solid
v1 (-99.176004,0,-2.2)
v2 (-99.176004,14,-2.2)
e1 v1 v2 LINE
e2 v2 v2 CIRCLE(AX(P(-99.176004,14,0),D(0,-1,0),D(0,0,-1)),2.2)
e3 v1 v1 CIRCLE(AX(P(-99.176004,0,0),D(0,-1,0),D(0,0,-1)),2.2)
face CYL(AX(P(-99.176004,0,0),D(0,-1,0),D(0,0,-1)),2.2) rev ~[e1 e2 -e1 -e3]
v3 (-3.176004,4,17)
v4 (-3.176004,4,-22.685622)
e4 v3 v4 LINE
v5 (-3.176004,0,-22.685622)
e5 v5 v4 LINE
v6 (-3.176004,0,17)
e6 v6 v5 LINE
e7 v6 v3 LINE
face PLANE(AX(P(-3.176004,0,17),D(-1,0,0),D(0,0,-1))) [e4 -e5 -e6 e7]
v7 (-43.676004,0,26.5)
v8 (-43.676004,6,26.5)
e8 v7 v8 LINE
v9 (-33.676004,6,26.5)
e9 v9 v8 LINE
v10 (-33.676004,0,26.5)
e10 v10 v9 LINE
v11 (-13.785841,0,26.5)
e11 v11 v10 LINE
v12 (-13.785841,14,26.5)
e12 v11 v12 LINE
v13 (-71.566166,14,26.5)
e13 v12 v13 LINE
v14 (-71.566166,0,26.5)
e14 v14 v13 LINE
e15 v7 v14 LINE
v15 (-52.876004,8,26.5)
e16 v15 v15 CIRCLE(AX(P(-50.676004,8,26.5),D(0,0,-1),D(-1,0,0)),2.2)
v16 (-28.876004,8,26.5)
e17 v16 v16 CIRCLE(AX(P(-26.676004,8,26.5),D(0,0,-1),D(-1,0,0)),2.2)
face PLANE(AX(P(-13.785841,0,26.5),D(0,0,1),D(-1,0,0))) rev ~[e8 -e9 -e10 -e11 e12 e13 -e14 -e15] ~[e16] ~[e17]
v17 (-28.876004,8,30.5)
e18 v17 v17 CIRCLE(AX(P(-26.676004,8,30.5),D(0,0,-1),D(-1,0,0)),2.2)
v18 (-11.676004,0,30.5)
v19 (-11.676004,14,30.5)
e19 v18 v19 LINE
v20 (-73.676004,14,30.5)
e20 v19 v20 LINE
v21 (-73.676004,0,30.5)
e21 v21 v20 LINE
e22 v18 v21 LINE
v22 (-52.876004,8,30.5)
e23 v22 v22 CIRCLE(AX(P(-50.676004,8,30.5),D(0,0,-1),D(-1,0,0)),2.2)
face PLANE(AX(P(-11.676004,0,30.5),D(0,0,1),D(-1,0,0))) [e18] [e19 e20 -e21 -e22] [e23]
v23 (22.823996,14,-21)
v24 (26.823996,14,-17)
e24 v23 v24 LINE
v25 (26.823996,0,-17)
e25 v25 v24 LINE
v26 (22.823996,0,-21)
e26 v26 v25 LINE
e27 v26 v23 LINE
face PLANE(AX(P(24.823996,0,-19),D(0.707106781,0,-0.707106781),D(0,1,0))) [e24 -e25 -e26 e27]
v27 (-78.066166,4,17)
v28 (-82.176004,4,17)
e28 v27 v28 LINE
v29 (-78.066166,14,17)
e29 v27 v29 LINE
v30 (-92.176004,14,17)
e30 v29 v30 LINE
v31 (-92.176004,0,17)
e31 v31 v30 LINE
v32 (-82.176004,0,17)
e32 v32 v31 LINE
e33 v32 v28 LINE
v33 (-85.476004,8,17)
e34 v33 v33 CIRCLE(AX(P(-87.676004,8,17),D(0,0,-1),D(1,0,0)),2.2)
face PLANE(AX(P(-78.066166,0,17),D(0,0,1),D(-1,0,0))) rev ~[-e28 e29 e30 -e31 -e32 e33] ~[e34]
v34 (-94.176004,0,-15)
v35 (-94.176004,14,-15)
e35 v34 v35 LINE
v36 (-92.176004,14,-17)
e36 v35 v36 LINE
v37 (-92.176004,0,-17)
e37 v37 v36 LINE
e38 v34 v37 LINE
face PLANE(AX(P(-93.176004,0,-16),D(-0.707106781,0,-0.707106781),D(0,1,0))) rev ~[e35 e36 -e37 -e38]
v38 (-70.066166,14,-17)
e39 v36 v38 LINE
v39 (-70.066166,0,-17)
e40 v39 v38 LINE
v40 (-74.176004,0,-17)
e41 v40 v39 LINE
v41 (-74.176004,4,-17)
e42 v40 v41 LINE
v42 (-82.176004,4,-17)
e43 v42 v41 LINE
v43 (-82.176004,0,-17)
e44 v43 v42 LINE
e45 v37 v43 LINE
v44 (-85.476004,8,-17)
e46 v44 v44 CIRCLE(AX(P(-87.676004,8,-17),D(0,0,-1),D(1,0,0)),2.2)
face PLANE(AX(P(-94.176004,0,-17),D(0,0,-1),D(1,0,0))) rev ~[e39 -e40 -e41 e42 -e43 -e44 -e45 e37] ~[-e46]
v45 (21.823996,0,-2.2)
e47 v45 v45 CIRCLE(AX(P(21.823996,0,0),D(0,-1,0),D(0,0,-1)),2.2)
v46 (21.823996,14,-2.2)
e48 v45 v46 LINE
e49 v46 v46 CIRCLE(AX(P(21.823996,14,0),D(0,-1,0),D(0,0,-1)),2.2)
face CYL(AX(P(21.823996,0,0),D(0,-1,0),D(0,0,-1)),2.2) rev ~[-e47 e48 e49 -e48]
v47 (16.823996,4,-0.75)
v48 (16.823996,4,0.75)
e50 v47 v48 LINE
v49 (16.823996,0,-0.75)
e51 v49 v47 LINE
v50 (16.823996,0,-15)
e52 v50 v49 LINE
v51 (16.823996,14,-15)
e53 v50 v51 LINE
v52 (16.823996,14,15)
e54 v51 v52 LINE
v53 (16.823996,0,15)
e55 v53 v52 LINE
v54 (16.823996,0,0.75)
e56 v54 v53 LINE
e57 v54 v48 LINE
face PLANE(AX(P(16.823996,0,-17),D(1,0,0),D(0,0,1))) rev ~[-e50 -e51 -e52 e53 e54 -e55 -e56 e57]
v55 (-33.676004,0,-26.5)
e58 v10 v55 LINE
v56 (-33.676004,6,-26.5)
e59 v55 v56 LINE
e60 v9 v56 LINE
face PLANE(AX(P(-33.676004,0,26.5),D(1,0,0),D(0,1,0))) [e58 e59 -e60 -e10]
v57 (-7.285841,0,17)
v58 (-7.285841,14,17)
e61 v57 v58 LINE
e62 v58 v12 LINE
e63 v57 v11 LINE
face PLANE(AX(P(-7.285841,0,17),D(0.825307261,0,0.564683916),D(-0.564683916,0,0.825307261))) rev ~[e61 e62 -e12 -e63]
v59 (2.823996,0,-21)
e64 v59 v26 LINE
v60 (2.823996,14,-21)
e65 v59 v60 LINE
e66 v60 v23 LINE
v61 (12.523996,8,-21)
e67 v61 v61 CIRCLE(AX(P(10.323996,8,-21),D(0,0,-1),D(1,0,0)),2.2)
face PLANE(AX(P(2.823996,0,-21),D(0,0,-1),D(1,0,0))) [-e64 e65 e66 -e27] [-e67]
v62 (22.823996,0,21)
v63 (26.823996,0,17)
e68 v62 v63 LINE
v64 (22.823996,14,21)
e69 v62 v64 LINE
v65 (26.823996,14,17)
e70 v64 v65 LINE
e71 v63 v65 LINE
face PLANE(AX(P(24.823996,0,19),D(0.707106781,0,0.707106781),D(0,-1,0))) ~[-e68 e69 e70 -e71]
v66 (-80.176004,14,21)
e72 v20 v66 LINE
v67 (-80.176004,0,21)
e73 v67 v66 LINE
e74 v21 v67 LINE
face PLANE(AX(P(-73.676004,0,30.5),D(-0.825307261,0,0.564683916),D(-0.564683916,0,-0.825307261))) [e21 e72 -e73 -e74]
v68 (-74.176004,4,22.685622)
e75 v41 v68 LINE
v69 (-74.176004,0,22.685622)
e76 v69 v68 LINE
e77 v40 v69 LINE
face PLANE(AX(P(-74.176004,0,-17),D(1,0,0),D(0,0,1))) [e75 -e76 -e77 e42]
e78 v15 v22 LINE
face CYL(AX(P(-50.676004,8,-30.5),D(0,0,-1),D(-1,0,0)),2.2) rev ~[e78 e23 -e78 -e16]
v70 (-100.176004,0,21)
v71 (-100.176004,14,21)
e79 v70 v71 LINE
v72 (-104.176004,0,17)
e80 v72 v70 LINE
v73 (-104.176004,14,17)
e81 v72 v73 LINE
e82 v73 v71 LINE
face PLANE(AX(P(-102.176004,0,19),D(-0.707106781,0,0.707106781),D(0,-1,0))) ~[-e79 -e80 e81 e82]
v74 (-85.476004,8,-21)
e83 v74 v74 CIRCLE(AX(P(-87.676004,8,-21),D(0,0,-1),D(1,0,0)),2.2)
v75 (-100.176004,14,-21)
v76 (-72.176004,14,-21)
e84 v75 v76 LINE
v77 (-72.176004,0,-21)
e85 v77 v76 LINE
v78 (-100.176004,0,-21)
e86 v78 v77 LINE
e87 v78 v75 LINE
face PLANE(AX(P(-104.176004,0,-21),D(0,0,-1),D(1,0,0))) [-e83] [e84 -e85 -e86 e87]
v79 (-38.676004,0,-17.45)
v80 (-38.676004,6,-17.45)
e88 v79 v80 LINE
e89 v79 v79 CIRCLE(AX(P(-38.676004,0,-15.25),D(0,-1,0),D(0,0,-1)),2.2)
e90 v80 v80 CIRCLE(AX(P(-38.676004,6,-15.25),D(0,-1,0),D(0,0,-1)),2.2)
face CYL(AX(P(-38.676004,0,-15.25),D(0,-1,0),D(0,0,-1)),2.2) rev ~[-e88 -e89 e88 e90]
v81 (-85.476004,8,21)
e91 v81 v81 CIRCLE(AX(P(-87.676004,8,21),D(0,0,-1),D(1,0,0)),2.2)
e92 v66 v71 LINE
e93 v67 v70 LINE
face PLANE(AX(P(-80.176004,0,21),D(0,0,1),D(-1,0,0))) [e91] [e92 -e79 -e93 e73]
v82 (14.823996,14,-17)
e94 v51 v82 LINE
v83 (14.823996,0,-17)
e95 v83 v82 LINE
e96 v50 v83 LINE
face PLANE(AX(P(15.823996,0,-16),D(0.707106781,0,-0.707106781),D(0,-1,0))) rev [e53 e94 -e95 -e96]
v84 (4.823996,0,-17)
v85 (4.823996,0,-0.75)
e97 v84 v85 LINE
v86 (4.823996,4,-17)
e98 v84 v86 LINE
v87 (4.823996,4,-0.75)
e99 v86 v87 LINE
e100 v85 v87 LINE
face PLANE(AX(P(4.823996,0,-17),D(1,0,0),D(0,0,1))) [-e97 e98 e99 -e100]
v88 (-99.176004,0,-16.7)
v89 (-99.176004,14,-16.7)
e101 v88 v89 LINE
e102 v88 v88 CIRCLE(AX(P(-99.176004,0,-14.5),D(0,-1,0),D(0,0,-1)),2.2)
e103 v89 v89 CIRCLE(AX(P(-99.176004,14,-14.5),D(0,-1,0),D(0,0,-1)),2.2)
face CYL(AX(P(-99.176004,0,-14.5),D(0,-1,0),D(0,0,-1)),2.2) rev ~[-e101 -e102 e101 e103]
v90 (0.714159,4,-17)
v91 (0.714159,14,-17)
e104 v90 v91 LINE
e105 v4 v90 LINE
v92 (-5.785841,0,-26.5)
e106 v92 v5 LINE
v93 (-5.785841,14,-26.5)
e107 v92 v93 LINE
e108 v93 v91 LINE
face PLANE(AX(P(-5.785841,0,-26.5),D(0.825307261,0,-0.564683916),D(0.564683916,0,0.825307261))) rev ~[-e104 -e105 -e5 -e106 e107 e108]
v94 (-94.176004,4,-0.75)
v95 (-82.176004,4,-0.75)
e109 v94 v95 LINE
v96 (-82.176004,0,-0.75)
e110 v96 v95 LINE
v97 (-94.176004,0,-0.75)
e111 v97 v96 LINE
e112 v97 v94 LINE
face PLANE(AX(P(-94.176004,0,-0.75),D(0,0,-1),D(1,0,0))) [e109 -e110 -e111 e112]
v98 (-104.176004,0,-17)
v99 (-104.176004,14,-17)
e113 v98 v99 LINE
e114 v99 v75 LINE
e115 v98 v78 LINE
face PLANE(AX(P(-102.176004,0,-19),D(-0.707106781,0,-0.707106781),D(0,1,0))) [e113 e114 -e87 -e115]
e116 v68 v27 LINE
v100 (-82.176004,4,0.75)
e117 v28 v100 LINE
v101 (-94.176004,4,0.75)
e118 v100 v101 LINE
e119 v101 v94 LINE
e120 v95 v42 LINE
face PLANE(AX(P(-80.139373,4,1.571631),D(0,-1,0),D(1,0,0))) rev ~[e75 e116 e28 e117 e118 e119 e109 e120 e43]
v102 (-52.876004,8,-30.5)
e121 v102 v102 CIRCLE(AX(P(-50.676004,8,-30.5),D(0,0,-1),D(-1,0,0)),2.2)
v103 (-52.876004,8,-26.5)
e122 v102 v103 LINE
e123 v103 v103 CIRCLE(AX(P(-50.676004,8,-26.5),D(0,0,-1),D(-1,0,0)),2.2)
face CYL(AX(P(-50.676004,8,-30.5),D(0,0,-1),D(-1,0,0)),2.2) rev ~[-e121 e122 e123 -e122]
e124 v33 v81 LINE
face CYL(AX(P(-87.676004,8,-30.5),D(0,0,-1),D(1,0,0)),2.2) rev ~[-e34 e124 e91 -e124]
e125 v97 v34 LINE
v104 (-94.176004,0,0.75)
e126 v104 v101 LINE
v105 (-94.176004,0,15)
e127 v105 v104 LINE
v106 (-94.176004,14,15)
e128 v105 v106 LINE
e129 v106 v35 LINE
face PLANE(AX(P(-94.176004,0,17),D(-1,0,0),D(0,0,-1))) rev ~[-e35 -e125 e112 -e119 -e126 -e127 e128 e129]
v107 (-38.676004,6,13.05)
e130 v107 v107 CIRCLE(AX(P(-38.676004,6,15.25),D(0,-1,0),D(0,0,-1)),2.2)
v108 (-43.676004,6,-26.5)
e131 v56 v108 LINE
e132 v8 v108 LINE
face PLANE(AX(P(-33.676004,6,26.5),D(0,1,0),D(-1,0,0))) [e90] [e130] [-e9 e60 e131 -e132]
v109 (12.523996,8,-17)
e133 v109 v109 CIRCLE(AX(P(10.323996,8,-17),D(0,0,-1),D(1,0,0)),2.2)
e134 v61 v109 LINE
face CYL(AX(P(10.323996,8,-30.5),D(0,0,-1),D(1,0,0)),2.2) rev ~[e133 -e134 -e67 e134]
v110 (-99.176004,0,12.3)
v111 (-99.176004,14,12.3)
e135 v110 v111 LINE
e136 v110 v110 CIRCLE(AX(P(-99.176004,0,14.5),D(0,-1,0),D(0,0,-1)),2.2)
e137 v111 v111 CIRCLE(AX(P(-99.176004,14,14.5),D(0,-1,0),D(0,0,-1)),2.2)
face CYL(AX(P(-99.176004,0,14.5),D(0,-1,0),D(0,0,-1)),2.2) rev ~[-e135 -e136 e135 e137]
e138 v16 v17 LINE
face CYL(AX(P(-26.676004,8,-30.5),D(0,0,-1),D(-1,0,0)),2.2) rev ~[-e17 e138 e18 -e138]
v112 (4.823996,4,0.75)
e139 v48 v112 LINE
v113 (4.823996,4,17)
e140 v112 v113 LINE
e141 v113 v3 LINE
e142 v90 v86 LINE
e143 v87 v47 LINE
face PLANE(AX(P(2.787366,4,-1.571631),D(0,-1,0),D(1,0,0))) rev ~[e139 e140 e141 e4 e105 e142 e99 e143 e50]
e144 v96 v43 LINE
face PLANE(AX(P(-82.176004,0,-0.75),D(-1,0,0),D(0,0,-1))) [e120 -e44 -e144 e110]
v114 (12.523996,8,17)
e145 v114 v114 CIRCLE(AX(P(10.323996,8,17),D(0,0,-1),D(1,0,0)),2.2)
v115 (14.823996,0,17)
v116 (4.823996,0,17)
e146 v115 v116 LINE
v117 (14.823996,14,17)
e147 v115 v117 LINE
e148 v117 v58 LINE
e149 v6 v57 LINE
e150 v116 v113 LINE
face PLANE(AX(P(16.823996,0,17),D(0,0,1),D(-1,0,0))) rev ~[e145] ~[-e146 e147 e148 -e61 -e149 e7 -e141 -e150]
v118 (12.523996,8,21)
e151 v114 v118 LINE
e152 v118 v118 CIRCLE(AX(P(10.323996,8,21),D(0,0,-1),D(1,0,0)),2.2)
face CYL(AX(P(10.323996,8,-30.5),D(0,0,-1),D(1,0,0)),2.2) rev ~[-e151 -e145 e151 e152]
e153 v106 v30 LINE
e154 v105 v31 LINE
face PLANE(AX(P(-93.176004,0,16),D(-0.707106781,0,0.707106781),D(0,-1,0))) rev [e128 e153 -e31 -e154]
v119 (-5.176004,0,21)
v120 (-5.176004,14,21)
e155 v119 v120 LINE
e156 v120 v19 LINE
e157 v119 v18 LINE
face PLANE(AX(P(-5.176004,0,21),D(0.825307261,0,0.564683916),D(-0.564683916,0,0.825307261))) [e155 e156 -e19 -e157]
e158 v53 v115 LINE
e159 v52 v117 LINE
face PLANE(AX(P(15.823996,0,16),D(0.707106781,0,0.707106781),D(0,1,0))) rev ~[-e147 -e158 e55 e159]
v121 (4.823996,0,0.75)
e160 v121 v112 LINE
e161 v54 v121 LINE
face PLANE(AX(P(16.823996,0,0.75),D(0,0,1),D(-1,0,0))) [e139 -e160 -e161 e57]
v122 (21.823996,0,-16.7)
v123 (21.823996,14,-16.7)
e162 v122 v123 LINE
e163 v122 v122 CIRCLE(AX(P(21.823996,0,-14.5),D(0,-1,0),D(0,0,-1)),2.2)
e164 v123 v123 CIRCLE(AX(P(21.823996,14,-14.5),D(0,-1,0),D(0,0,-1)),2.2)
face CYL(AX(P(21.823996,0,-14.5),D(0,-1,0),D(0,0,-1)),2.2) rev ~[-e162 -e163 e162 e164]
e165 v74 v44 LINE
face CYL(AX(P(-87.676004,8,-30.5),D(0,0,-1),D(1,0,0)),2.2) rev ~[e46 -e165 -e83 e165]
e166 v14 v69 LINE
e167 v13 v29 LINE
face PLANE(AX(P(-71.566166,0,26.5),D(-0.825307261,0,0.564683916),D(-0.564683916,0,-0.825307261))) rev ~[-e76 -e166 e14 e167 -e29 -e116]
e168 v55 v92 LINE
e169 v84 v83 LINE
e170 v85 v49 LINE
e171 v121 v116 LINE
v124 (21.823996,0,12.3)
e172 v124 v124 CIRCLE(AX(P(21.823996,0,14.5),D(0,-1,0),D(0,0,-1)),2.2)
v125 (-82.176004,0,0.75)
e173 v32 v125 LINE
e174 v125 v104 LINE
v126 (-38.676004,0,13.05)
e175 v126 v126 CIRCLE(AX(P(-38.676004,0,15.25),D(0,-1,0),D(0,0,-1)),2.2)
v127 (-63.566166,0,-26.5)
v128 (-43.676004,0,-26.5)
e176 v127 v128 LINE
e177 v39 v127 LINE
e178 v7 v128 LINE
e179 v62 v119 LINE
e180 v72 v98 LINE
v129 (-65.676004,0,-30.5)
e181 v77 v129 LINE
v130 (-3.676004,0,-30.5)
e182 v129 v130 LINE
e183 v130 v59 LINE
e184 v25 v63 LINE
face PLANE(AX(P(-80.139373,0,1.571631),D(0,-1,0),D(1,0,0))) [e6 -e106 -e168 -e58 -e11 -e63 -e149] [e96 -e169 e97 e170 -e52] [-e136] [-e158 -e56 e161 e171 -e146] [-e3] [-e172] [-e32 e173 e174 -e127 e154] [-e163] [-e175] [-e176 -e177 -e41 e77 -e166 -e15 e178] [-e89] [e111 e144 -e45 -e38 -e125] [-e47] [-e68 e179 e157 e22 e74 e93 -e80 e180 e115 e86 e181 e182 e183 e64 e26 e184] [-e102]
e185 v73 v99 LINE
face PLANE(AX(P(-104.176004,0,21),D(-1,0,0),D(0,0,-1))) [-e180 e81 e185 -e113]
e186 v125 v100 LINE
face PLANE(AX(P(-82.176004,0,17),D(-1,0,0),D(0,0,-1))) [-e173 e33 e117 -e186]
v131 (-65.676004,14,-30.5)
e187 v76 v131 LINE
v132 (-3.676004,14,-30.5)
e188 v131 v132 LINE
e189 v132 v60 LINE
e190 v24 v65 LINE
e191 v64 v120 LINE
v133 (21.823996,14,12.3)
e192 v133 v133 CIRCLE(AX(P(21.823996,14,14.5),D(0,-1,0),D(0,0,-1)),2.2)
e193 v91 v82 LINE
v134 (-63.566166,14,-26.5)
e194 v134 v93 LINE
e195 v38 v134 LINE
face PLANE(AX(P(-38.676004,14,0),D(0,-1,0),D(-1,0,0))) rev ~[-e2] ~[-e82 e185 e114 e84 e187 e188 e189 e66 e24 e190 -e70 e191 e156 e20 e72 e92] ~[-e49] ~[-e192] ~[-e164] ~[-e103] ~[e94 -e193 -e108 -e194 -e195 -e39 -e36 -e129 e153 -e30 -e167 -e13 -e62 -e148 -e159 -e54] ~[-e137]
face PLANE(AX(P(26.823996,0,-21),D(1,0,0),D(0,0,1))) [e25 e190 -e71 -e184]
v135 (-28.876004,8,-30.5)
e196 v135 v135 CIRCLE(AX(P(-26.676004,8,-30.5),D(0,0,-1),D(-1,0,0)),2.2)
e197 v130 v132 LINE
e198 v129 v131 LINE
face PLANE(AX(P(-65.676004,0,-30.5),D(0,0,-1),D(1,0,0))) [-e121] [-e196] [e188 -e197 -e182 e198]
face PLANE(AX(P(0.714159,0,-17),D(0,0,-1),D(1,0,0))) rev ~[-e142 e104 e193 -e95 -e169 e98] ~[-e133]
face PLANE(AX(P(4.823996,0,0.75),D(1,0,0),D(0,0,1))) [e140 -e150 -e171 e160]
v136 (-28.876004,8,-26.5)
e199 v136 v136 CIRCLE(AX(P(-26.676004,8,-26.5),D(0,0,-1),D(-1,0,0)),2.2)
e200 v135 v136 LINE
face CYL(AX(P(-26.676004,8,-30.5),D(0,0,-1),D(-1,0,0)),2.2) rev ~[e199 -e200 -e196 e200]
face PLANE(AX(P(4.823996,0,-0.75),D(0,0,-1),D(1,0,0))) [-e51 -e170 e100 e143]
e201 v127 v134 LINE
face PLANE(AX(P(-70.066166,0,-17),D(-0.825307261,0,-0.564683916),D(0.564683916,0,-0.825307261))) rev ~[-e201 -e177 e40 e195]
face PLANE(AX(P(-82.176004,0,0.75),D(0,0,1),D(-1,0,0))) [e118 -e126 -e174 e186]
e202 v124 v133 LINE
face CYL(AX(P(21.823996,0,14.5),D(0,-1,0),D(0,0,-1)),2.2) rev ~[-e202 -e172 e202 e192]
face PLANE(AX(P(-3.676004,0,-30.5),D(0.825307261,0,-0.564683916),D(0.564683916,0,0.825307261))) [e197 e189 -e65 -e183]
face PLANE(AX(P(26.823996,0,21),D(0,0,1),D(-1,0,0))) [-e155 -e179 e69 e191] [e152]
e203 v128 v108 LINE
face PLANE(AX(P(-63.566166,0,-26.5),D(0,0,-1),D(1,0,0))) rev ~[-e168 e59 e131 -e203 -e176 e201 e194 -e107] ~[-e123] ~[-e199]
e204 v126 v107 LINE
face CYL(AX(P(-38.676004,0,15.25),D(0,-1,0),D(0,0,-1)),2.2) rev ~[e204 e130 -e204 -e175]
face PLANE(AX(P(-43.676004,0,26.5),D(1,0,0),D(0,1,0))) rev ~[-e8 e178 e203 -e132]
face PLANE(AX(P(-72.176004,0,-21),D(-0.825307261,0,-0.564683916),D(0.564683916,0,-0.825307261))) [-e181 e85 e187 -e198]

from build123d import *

# Parameters (mm, degrees)
BOSS_EXTRUDE1_DEPTH = 14
CUT_EXTRUDE1_REACH  = 16
SKETCH2_R           = 2.2
SKETCH5_R           = 2.2
CUT_EXTRUDE2_DEPTH  = 62
BOSS_EXTRUDE2_REACH = 59
SKETCH6_W           = 10
SKETCH6_H           = 6
BOSS_EXTRUDE3_DEPTH = 4
CUT_EXTRUDE3_REACH  = 16
SKETCH8_R           = 2.2
CHAMFER1_SIZE       = 4
CHAMFER2_SIZE       = 2


with BuildPart() as part:
    # Sketch1 → Boss-Extrude1 (new body)
    with BuildSketch(Plane(origin=(0, 0, 0), x_dir=(1, 0, 0), z_dir=(0, 1, 0))):
        Polygon((-104.176003517, -21), (-104.176003517, 21), (-72.176003517, 21), (-65.676003517, 30.5), (-3.676003517, 30.5), (2.823996483, 21), (26.823996483, 21), (26.823996483, -21), (-5.176003517, -21), (-11.676003517, -30.5), (-73.676003517, -30.5), (-80.176003517, -21), align=None)
        Polygon((-94.176003517, -17), (-94.176003517, 17), (-70.066165861, 17), (-63.566165861, 26.5), (-5.785841173, 26.5), (0.714158827, 17), (16.823996483, 17), (16.823996483, -17), (-7.285841173, -17), (-13.785841173, -26.5), (-71.566165861, -26.5), (-78.066165861, -17), align=None, mode=Mode.SUBTRACT)
    extrude(amount=BOSS_EXTRUDE1_DEPTH)

    # Sketch2 → Cut-Extrude1 (cut, up to next)
    with BuildSketch(Plane(origin=(0, 0, 0), x_dir=(-1, 0, 0), z_dir=(0, -1, 0)), mode=Mode.PRIVATE) as cut_extrude1_sk1:
        with Locations(Location((99.176003517, 14.5, 0), (0, 0, 90))):  # turned: the seam where the file's is
            Circle(SKETCH2_R)
    cut_extrude1_tool1 = extrude(cut_extrude1_sk1.sketch, amount=-CUT_EXTRUDE1_REACH, mode=Mode.PRIVATE) & part.part
    add(cut_extrude1_tool1.solids().sort_by_distance((-99.176004, 0, -14.5))[0], mode=Mode.SUBTRACT)
    # Sketch2 → Cut-Extrude1 (cut, up to next)
    with BuildSketch(Plane(origin=(0, 0, 0), x_dir=(-1, 0, 0), z_dir=(0, -1, 0)), mode=Mode.PRIVATE) as cut_extrude1_sk2:
        with Locations(Location((99.176003517, 0, 0), (0, 0, 90))):  # turned: the seam where the file's is
            Circle(SKETCH2_R)
    cut_extrude1_tool2 = extrude(cut_extrude1_sk2.sketch, amount=-CUT_EXTRUDE1_REACH, mode=Mode.PRIVATE) & part.part
    add(cut_extrude1_tool2.solids().sort_by_distance((-99.176004, 0, 0))[0], mode=Mode.SUBTRACT)
    # Sketch2 → Cut-Extrude1 (cut, up to next)
    with BuildSketch(Plane(origin=(0, 0, 0), x_dir=(-1, 0, 0), z_dir=(0, -1, 0)), mode=Mode.PRIVATE) as cut_extrude1_sk3:
        with Locations(Location((99.176003517, -14.5, 0), (0, 0, 90))):  # turned: the seam where the file's is
            Circle(SKETCH2_R)
    cut_extrude1_tool3 = extrude(cut_extrude1_sk3.sketch, amount=-CUT_EXTRUDE1_REACH, mode=Mode.PRIVATE) & part.part
    add(cut_extrude1_tool3.solids().sort_by_distance((-99.176004, 0, 14.5))[0], mode=Mode.SUBTRACT)
    # Sketch2 → Cut-Extrude1 (cut, up to next)
    with BuildSketch(Plane(origin=(0, 0, 0), x_dir=(-1, 0, 0), z_dir=(0, -1, 0)), mode=Mode.PRIVATE) as cut_extrude1_sk4:
        with Locations(Location((-21.823996483, -14.5, 0), (0, 0, 90))):  # turned: the seam where the file's is
            Circle(SKETCH2_R)
    cut_extrude1_tool4 = extrude(cut_extrude1_sk4.sketch, amount=-CUT_EXTRUDE1_REACH, mode=Mode.PRIVATE) & part.part
    add(cut_extrude1_tool4.solids().sort_by_distance((21.823996, 0, 14.5))[0], mode=Mode.SUBTRACT)
    # Sketch2 → Cut-Extrude1 (cut, up to next)
    with BuildSketch(Plane(origin=(0, 0, 0), x_dir=(-1, 0, 0), z_dir=(0, -1, 0)), mode=Mode.PRIVATE) as cut_extrude1_sk5:
        with Locations(Location((-21.823996483, 0, 0), (0, 0, 90))):  # turned: the seam where the file's is
            Circle(SKETCH2_R)
    cut_extrude1_tool5 = extrude(cut_extrude1_sk5.sketch, amount=-CUT_EXTRUDE1_REACH, mode=Mode.PRIVATE) & part.part
    add(cut_extrude1_tool5.solids().sort_by_distance((21.823996, 0, 0))[0], mode=Mode.SUBTRACT)
    # Sketch2 → Cut-Extrude1 (cut, up to next)
    with BuildSketch(Plane(origin=(0, 0, 0), x_dir=(-1, 0, 0), z_dir=(0, -1, 0)), mode=Mode.PRIVATE) as cut_extrude1_sk6:
        with Locations(Location((-21.823996483, 14.5, 0), (0, 0, 90))):  # turned: the seam where the file's is
            Circle(SKETCH2_R)
    cut_extrude1_tool6 = extrude(cut_extrude1_sk6.sketch, amount=-CUT_EXTRUDE1_REACH, mode=Mode.PRIVATE) & part.part
    add(cut_extrude1_tool6.solids().sort_by_distance((21.823996, 0, -14.5))[0], mode=Mode.SUBTRACT)

    # Sketch5 → Cut-Extrude2 (cut, through all)
    with BuildSketch(Plane(origin=(0, 0, -30.5), x_dir=(-1, 0, 0), z_dir=(0, 0, -1))):
        with Locations((50.676003517, 8)):
            Circle(SKETCH5_R)
        with Locations((26.676003517, 8)):
            Circle(SKETCH5_R)
        with Locations(Location((87.676003517, 8, 0), (0, 0, 180))):  # turned: the seam where the file's is
            Circle(SKETCH5_R)
        with Locations(Location((-10.323996483, 8, 0), (0, 0, 180))):  # turned: the seam where the file's is
            Circle(SKETCH5_R)
    extrude(amount=-CUT_EXTRUDE2_DEPTH, mode=Mode.SUBTRACT)

    # Sketch6 → Boss-Extrude2 (add, up to next)
    with BuildSketch(Plane(origin=(0, 0, 26.5), x_dir=(-1, 0, 0), z_dir=(0, 0, -1)), mode=Mode.PRIVATE) as boss_extrude2_sk1:
        with Locations((38.676003517, 3)):
            Rectangle(SKETCH6_W, SKETCH6_H)
    boss_extrude2_tool1 = extrude(boss_extrude2_sk1.sketch, amount=BOSS_EXTRUDE2_REACH, mode=Mode.PRIVATE) - part.part
    add(boss_extrude2_tool1.solids().sort_by_distance((-38.676004, 3, 26.5))[0])

    # Sketch7 → Boss-Extrude3 (add)
    with BuildSketch(Plane.XZ):
        Polygon((-78.066165861, 17), (-82.176003517, 17), (-82.176003517, 0.75), (-94.176003517, 0.75), (-94.176003517, -0.75), (-82.176003517, -0.75), (-82.176003517, -17), (-74.176003517, -17), (-74.176003517, 22.685621887), align=None)
        Polygon((4.823996483, -17), (4.823996483, -0.75), (16.823996483, -0.75), (16.823996483, 0.75), (4.823996483, 0.75), (4.823996483, 17), (-3.176003517, 17), (-3.176003517, -22.685621887), (0.714158827, -17), align=None)
    extrude(amount=-BOSS_EXTRUDE3_DEPTH)

    # Sketch8 → Cut-Extrude3 (cut, up to next)
    with BuildSketch(Plane(origin=(0, 0, 0), x_dir=(-1, 0, 0), z_dir=(0, -1, 0)), mode=Mode.PRIVATE) as cut_extrude3_sk1:
        with Locations(Location((38.676003517, -15.25, 0), (0, 0, 90))):  # turned: the seam where the file's is
            Circle(SKETCH8_R)
    cut_extrude3_tool1 = extrude(cut_extrude3_sk1.sketch, amount=-CUT_EXTRUDE3_REACH, mode=Mode.PRIVATE) & part.part
    add(cut_extrude3_tool1.solids().sort_by_distance((-38.676004, 0, 15.25))[0], mode=Mode.SUBTRACT)
    # Sketch8 → Cut-Extrude3 (cut, up to next)
    with BuildSketch(Plane(origin=(0, 0, 0), x_dir=(-1, 0, 0), z_dir=(0, -1, 0)), mode=Mode.PRIVATE) as cut_extrude3_sk2:
        with Locations(Location((38.676003517, 15.25, 0), (0, 0, 90))):  # turned: the seam where the file's is
            Circle(SKETCH8_R)
    cut_extrude3_tool2 = extrude(cut_extrude3_sk2.sketch, amount=-CUT_EXTRUDE3_REACH, mode=Mode.PRIVATE) & part.part
    add(cut_extrude3_tool2.solids().sort_by_distance((-38.676004, 0, -15.25))[0], mode=Mode.SUBTRACT)

    # Chamfer1
    chamfer1_edges = [part.edges().sort_by_distance(p)[0] for p in [
        (-104.176003517, 7, 21),
        (-104.176003517, 7, -21),
        (26.823996483, 7, -21),
        (26.823996483, 7, 21),
    ]]
    chamfer(chamfer1_edges, length=CHAMFER1_SIZE)

    # Chamfer2
    chamfer2_edges = [part.edges().sort_by_distance(p)[0] for p in [
        (-94.176003517, 7, 17),
        (16.823996483, 7, 17),
        (16.823996483, 7, -17),
        (-94.176003517, 7, -17),
    ]]
    chamfer(chamfer2_edges, length=CHAMFER2_SIZE)


solid = part.part
